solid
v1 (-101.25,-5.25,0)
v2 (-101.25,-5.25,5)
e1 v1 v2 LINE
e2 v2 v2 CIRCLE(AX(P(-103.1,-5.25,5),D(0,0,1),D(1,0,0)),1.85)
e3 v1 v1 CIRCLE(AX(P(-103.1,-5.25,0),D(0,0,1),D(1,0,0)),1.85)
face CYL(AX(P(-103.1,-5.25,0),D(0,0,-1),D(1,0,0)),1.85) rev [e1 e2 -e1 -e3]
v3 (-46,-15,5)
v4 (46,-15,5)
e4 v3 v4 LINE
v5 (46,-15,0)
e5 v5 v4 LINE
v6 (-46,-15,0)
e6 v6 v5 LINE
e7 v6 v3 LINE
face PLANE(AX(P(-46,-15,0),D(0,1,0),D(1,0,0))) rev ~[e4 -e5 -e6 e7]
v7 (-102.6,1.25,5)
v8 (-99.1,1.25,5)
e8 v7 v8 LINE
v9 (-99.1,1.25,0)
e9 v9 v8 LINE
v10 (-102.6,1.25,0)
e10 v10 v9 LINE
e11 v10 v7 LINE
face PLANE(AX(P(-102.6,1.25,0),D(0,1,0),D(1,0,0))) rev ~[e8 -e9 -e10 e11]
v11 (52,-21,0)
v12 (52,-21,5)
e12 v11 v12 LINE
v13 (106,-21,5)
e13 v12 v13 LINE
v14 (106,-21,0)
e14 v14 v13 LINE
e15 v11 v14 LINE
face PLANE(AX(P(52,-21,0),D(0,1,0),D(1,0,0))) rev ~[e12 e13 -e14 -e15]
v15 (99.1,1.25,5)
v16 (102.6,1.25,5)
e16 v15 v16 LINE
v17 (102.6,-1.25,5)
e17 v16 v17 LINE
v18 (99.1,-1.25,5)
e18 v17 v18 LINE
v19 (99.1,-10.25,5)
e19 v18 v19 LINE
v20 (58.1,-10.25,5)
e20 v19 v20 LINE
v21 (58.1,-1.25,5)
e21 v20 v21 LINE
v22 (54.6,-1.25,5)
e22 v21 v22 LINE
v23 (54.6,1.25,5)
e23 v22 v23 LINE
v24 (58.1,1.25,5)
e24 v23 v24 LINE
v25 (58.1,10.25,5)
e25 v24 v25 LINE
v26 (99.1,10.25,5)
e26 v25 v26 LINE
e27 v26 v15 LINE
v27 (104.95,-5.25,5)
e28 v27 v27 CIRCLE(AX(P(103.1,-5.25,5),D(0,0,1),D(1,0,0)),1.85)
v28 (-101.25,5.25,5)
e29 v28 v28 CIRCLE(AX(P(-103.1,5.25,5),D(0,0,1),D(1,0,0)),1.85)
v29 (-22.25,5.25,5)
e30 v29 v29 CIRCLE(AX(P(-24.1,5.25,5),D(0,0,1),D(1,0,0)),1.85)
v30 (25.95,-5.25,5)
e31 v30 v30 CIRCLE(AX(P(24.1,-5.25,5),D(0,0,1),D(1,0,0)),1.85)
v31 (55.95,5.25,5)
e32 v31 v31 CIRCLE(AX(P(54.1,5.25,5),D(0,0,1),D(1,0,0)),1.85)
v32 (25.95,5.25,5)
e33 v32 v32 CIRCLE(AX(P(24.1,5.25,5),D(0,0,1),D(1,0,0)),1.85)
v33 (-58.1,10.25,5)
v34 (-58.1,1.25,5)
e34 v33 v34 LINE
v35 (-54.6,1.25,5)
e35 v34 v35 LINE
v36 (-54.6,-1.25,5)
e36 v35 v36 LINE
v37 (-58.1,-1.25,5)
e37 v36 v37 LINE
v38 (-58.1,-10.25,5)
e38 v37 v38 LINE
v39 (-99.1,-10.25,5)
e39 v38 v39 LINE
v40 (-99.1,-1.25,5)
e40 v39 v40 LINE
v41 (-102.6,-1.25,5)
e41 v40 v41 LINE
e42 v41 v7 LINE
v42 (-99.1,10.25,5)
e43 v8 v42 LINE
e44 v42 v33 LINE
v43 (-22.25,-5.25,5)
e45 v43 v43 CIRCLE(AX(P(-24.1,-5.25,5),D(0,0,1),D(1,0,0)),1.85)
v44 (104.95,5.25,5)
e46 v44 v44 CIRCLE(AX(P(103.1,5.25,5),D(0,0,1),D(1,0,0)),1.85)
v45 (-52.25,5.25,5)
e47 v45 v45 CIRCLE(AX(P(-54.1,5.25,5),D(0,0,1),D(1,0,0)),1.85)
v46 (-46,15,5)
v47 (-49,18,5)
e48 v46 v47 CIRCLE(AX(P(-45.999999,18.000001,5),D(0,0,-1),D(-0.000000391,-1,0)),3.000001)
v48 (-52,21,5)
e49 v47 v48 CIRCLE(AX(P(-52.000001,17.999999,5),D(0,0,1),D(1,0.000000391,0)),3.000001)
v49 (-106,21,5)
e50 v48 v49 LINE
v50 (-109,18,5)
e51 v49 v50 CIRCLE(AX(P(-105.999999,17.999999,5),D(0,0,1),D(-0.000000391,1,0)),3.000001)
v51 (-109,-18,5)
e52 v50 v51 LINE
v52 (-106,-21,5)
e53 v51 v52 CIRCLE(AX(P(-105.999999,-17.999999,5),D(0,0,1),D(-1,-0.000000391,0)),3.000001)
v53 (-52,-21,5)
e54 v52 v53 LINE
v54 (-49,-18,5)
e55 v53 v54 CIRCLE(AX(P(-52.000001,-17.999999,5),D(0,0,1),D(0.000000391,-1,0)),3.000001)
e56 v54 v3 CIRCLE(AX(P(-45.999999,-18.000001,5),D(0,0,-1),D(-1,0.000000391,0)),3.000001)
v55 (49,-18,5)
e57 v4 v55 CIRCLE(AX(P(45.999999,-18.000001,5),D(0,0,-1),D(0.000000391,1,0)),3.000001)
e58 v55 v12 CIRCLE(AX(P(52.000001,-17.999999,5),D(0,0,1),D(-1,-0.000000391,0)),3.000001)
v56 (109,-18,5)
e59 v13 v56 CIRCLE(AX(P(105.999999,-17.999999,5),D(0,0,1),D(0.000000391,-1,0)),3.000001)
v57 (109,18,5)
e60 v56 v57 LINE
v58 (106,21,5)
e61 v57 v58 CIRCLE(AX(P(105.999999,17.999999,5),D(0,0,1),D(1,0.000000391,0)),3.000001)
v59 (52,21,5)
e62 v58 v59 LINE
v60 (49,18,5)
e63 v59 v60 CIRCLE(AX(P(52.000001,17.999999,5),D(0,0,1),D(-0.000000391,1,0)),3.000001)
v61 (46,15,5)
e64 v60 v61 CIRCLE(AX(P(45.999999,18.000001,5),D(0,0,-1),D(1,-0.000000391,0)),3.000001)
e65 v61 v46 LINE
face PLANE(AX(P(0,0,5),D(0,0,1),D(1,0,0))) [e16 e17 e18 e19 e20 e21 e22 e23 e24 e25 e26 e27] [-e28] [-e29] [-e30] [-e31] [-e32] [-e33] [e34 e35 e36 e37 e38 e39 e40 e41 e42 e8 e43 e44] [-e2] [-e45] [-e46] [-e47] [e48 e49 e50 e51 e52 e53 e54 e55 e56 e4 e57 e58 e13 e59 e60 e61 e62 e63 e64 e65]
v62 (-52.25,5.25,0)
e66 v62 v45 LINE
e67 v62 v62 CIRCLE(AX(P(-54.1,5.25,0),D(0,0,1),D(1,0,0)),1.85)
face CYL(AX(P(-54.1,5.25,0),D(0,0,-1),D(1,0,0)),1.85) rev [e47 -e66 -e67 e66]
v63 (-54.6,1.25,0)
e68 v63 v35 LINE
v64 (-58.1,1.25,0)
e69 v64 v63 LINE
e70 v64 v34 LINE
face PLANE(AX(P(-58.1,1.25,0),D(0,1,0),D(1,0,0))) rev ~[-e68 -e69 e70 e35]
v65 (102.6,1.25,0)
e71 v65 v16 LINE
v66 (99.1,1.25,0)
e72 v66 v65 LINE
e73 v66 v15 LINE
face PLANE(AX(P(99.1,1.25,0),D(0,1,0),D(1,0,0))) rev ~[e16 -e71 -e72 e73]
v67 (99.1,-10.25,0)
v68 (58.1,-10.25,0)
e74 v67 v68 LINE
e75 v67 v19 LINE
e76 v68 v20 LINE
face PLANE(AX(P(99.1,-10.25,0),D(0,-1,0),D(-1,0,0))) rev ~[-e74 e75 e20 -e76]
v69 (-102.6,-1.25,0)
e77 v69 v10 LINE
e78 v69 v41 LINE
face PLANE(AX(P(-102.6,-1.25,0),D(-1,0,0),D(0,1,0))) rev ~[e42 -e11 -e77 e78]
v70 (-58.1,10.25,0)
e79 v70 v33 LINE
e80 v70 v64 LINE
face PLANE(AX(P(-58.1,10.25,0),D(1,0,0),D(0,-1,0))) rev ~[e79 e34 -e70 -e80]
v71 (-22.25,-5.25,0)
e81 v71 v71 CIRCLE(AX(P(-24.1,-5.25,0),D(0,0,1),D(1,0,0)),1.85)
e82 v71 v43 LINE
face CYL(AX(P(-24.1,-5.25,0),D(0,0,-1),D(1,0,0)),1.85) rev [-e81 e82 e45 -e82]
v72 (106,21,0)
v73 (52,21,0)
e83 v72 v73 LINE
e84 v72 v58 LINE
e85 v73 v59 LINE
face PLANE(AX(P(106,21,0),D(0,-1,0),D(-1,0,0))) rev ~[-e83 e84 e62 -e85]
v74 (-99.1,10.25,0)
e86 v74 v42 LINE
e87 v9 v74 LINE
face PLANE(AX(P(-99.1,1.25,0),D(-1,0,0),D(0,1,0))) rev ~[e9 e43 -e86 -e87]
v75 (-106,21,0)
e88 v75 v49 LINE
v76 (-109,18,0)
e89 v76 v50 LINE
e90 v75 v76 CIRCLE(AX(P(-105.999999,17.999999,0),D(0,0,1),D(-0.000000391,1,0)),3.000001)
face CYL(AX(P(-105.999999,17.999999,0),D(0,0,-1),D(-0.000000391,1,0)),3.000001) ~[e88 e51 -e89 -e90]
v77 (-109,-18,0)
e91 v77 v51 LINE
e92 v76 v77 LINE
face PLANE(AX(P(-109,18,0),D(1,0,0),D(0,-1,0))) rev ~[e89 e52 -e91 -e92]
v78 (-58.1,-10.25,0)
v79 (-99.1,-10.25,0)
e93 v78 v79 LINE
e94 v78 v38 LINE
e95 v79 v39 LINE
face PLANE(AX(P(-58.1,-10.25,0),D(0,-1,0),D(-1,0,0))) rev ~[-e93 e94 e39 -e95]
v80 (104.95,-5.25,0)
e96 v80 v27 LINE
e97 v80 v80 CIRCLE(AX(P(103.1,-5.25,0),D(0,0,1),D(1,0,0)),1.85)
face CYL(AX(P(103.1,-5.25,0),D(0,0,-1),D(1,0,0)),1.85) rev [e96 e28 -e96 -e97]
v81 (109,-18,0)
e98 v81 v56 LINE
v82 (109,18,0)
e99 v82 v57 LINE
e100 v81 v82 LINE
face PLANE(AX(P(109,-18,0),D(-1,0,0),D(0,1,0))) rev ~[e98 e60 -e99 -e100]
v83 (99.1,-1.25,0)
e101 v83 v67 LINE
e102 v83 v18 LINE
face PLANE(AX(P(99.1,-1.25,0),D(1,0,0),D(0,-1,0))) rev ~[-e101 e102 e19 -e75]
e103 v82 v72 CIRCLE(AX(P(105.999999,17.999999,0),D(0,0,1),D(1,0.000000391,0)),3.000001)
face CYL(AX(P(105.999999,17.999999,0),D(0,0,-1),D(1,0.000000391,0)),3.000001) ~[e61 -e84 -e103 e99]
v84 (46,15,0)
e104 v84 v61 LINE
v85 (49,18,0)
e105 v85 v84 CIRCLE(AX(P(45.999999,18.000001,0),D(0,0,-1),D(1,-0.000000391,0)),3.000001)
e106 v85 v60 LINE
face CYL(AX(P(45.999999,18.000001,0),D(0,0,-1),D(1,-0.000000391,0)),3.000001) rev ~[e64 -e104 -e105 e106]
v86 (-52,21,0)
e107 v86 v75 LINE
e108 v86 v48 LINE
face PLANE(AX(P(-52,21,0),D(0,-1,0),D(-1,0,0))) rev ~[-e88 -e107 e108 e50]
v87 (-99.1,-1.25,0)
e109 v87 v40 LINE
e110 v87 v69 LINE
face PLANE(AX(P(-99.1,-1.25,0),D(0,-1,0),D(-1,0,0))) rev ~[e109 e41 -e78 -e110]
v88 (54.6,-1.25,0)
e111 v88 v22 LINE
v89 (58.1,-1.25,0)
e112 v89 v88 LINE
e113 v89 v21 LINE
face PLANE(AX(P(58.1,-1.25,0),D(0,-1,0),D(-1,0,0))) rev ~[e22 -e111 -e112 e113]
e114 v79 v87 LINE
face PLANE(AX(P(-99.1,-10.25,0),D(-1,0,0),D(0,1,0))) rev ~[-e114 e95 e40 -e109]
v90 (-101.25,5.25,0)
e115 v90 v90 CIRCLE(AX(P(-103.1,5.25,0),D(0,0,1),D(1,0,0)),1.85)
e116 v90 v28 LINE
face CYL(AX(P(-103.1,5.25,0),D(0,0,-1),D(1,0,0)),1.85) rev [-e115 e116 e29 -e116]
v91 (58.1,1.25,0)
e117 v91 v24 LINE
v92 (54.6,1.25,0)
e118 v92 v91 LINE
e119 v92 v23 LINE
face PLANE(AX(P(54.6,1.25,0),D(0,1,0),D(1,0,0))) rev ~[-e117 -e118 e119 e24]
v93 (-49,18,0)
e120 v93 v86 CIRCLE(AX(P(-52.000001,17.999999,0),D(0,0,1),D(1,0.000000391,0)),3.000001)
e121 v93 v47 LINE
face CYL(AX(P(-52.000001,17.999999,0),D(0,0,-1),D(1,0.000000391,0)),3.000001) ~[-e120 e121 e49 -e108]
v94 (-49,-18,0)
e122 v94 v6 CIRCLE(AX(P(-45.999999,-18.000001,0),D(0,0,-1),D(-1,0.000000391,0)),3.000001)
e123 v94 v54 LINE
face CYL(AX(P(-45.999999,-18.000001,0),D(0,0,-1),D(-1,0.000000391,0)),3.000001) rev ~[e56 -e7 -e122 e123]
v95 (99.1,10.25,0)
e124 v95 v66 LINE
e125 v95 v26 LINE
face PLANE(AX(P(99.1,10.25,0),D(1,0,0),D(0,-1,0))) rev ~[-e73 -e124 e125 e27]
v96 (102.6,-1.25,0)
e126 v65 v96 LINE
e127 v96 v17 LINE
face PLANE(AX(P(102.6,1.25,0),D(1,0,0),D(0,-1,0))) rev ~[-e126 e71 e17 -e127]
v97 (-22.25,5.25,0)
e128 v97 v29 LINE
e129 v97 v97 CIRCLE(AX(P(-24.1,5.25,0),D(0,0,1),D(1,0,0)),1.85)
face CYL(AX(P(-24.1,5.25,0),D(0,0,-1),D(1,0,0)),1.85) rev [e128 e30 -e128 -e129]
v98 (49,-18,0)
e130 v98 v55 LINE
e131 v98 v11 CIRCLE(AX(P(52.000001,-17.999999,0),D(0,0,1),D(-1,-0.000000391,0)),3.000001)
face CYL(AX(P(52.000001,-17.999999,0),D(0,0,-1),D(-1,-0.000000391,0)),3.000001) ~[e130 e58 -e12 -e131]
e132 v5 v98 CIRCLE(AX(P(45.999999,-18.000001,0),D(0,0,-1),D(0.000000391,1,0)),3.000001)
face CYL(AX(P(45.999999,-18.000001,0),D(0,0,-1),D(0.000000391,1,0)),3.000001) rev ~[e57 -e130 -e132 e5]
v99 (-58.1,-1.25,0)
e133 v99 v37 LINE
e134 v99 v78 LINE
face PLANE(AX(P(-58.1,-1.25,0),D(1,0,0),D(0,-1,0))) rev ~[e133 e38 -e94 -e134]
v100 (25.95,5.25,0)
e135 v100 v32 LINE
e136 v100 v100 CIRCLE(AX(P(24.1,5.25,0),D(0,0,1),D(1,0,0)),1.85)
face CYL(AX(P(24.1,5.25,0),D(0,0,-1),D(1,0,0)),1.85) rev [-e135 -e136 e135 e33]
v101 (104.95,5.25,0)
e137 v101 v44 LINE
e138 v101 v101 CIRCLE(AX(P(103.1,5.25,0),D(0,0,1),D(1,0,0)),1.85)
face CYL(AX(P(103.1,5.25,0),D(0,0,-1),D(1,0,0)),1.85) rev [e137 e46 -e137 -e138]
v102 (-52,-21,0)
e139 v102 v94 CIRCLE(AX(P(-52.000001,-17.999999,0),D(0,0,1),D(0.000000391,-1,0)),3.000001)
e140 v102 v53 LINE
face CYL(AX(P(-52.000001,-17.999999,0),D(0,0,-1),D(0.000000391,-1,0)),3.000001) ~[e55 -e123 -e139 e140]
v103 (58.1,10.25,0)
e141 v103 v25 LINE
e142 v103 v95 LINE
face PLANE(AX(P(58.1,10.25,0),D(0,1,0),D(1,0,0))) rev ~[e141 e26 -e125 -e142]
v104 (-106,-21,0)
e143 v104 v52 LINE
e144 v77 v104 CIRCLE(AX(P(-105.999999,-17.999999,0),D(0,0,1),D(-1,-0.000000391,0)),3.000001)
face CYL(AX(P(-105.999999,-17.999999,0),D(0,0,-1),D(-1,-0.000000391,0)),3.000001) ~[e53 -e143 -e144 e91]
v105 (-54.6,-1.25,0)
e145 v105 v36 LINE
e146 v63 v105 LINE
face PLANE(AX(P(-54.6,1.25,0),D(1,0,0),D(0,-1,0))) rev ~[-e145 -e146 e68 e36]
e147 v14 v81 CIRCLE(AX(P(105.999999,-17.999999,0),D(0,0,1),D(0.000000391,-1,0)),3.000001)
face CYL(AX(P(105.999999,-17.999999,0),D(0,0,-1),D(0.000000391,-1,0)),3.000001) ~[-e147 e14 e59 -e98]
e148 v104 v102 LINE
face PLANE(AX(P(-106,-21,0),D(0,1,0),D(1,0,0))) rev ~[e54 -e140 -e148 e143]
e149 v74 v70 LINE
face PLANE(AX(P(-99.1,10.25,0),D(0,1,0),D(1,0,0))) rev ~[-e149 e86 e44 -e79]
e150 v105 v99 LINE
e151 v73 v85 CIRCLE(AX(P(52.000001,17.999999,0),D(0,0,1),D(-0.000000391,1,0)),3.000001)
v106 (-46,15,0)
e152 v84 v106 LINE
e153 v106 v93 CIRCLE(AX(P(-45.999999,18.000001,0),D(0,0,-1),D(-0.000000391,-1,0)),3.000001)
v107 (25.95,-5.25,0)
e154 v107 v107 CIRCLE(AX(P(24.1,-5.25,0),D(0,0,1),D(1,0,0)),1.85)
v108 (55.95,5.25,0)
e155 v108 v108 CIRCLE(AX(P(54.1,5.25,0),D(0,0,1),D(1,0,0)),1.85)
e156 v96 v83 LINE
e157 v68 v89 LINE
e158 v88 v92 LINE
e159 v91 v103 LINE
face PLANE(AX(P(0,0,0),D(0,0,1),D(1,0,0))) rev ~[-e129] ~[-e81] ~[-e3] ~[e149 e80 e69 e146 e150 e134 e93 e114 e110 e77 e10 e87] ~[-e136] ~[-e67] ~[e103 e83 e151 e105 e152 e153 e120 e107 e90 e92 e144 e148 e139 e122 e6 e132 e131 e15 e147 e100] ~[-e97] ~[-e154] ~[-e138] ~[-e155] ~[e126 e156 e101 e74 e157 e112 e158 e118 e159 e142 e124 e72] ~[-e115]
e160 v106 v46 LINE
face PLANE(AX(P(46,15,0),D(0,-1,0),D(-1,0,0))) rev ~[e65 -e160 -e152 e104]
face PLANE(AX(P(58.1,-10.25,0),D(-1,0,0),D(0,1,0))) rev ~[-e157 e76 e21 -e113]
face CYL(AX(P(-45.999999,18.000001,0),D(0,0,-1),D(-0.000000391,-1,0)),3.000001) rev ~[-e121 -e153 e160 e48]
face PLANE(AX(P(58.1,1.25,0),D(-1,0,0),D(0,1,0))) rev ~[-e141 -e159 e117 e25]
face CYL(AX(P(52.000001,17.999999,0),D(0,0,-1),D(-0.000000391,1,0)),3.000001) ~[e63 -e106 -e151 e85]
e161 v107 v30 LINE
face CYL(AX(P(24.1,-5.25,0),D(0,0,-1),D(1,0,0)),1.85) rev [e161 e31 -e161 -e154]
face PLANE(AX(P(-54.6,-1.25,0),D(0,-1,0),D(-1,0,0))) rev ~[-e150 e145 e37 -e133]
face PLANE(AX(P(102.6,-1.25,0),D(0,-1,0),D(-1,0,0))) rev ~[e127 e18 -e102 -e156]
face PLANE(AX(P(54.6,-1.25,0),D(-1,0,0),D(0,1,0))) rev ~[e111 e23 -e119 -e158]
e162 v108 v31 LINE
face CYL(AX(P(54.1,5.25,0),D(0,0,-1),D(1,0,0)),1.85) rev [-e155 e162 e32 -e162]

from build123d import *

# Parameters (mm, degrees)
F0_R     = 1.85
F1_DEPTH = 5


with BuildPart() as f1:
    # F0 (on Top) → F1 (new body)
    with BuildSketch(Plane.XY):
        with BuildLine():
            Line((52, -21), (106, -21))
            ThreePointArc((106, -21), (108.12132, -20.12132), (109, -18))
            Line((109, -18), (109, 18))
            ThreePointArc((109, 18), (108.12132, 20.12132), (106, 21))
            Line((106, 21), (52, 21))
            ThreePointArc((52, 21), (49.87868, 20.12132), (49, 18))
            ThreePointArc((49, 18), (48.12132, 15.87868), (46, 15))
            Line((46, 15), (0, 15))
            Line((0, 15), (-46, 15))
            ThreePointArc((-46, 15), (-48.12132, 15.87868), (-49, 18))
            ThreePointArc((-49, 18), (-49.87868, 20.12132), (-52, 21))
            Line((-52, 21), (-106, 21))
            ThreePointArc((-106, 21), (-108.12132, 20.12132), (-109, 18))
            Line((-109, 18), (-109, -18))
            ThreePointArc((-109, -18), (-108.12132, -20.12132), (-106, -21))
            Line((-106, -21), (-52, -21))
            ThreePointArc((-52, -21), (-49.87868, -20.12132), (-49, -18))
            ThreePointArc((-49, -18), (-48.12132, -15.87868), (-46, -15))
            Line((-46, -15), (0, -15))
            Line((0, -15), (46, -15))
            ThreePointArc((46, -15), (48.12132, -15.87868), (49, -18))
            ThreePointArc((49, -18), (49.87868, -20.12132), (52, -21))
        make_face()
        with Locations((-103.1, -5.25)):
            Circle(F0_R, mode=Mode.SUBTRACT)
        with Locations((-24.1, -5.25)):
            Circle(F0_R, mode=Mode.SUBTRACT)
        with Locations((24.1, -5.25)):
            Circle(F0_R, mode=Mode.SUBTRACT)
        with Locations((103.1, -5.25)):
            Circle(F0_R, mode=Mode.SUBTRACT)
        with Locations((-103.1, 5.25)):
            Circle(F0_R, mode=Mode.SUBTRACT)
        Polygon((-102.6, -1.25), (-102.6, 1.25), (-99.1, 1.25), (-99.1, 10.25), (-58.1, 10.25), (-58.1, 1.25), (-54.6, 1.25), (-54.6, -1.25), (-58.1, -1.25), (-58.1, -10.25), (-99.1, -10.25), (-99.1, -1.25), align=None, mode=Mode.SUBTRACT)
        with Locations((-54.1, 5.25)):
            Circle(F0_R, mode=Mode.SUBTRACT)
        with Locations((-24.1, 5.25)):
            Circle(F0_R, mode=Mode.SUBTRACT)
        Polygon((58.1, 1.25), (58.1, 10.25), (99.1, 10.25), (99.1, 1.25), (102.6, 1.25), (102.6, -1.25), (99.1, -1.25), (99.1, -10.25), (58.1, -10.25), (58.1, -1.25), (54.6, -1.25), (54.6, 1.25), align=None, mode=Mode.SUBTRACT)
        with Locations((24.1, 5.25)):
            Circle(F0_R, mode=Mode.SUBTRACT)
        with Locations((54.1, 5.25)):
            Circle(F0_R, mode=Mode.SUBTRACT)
        with Locations((103.1, 5.25)):
            Circle(F0_R, mode=Mode.SUBTRACT)
    extrude(amount=F1_DEPTH)


solid = f1.part
